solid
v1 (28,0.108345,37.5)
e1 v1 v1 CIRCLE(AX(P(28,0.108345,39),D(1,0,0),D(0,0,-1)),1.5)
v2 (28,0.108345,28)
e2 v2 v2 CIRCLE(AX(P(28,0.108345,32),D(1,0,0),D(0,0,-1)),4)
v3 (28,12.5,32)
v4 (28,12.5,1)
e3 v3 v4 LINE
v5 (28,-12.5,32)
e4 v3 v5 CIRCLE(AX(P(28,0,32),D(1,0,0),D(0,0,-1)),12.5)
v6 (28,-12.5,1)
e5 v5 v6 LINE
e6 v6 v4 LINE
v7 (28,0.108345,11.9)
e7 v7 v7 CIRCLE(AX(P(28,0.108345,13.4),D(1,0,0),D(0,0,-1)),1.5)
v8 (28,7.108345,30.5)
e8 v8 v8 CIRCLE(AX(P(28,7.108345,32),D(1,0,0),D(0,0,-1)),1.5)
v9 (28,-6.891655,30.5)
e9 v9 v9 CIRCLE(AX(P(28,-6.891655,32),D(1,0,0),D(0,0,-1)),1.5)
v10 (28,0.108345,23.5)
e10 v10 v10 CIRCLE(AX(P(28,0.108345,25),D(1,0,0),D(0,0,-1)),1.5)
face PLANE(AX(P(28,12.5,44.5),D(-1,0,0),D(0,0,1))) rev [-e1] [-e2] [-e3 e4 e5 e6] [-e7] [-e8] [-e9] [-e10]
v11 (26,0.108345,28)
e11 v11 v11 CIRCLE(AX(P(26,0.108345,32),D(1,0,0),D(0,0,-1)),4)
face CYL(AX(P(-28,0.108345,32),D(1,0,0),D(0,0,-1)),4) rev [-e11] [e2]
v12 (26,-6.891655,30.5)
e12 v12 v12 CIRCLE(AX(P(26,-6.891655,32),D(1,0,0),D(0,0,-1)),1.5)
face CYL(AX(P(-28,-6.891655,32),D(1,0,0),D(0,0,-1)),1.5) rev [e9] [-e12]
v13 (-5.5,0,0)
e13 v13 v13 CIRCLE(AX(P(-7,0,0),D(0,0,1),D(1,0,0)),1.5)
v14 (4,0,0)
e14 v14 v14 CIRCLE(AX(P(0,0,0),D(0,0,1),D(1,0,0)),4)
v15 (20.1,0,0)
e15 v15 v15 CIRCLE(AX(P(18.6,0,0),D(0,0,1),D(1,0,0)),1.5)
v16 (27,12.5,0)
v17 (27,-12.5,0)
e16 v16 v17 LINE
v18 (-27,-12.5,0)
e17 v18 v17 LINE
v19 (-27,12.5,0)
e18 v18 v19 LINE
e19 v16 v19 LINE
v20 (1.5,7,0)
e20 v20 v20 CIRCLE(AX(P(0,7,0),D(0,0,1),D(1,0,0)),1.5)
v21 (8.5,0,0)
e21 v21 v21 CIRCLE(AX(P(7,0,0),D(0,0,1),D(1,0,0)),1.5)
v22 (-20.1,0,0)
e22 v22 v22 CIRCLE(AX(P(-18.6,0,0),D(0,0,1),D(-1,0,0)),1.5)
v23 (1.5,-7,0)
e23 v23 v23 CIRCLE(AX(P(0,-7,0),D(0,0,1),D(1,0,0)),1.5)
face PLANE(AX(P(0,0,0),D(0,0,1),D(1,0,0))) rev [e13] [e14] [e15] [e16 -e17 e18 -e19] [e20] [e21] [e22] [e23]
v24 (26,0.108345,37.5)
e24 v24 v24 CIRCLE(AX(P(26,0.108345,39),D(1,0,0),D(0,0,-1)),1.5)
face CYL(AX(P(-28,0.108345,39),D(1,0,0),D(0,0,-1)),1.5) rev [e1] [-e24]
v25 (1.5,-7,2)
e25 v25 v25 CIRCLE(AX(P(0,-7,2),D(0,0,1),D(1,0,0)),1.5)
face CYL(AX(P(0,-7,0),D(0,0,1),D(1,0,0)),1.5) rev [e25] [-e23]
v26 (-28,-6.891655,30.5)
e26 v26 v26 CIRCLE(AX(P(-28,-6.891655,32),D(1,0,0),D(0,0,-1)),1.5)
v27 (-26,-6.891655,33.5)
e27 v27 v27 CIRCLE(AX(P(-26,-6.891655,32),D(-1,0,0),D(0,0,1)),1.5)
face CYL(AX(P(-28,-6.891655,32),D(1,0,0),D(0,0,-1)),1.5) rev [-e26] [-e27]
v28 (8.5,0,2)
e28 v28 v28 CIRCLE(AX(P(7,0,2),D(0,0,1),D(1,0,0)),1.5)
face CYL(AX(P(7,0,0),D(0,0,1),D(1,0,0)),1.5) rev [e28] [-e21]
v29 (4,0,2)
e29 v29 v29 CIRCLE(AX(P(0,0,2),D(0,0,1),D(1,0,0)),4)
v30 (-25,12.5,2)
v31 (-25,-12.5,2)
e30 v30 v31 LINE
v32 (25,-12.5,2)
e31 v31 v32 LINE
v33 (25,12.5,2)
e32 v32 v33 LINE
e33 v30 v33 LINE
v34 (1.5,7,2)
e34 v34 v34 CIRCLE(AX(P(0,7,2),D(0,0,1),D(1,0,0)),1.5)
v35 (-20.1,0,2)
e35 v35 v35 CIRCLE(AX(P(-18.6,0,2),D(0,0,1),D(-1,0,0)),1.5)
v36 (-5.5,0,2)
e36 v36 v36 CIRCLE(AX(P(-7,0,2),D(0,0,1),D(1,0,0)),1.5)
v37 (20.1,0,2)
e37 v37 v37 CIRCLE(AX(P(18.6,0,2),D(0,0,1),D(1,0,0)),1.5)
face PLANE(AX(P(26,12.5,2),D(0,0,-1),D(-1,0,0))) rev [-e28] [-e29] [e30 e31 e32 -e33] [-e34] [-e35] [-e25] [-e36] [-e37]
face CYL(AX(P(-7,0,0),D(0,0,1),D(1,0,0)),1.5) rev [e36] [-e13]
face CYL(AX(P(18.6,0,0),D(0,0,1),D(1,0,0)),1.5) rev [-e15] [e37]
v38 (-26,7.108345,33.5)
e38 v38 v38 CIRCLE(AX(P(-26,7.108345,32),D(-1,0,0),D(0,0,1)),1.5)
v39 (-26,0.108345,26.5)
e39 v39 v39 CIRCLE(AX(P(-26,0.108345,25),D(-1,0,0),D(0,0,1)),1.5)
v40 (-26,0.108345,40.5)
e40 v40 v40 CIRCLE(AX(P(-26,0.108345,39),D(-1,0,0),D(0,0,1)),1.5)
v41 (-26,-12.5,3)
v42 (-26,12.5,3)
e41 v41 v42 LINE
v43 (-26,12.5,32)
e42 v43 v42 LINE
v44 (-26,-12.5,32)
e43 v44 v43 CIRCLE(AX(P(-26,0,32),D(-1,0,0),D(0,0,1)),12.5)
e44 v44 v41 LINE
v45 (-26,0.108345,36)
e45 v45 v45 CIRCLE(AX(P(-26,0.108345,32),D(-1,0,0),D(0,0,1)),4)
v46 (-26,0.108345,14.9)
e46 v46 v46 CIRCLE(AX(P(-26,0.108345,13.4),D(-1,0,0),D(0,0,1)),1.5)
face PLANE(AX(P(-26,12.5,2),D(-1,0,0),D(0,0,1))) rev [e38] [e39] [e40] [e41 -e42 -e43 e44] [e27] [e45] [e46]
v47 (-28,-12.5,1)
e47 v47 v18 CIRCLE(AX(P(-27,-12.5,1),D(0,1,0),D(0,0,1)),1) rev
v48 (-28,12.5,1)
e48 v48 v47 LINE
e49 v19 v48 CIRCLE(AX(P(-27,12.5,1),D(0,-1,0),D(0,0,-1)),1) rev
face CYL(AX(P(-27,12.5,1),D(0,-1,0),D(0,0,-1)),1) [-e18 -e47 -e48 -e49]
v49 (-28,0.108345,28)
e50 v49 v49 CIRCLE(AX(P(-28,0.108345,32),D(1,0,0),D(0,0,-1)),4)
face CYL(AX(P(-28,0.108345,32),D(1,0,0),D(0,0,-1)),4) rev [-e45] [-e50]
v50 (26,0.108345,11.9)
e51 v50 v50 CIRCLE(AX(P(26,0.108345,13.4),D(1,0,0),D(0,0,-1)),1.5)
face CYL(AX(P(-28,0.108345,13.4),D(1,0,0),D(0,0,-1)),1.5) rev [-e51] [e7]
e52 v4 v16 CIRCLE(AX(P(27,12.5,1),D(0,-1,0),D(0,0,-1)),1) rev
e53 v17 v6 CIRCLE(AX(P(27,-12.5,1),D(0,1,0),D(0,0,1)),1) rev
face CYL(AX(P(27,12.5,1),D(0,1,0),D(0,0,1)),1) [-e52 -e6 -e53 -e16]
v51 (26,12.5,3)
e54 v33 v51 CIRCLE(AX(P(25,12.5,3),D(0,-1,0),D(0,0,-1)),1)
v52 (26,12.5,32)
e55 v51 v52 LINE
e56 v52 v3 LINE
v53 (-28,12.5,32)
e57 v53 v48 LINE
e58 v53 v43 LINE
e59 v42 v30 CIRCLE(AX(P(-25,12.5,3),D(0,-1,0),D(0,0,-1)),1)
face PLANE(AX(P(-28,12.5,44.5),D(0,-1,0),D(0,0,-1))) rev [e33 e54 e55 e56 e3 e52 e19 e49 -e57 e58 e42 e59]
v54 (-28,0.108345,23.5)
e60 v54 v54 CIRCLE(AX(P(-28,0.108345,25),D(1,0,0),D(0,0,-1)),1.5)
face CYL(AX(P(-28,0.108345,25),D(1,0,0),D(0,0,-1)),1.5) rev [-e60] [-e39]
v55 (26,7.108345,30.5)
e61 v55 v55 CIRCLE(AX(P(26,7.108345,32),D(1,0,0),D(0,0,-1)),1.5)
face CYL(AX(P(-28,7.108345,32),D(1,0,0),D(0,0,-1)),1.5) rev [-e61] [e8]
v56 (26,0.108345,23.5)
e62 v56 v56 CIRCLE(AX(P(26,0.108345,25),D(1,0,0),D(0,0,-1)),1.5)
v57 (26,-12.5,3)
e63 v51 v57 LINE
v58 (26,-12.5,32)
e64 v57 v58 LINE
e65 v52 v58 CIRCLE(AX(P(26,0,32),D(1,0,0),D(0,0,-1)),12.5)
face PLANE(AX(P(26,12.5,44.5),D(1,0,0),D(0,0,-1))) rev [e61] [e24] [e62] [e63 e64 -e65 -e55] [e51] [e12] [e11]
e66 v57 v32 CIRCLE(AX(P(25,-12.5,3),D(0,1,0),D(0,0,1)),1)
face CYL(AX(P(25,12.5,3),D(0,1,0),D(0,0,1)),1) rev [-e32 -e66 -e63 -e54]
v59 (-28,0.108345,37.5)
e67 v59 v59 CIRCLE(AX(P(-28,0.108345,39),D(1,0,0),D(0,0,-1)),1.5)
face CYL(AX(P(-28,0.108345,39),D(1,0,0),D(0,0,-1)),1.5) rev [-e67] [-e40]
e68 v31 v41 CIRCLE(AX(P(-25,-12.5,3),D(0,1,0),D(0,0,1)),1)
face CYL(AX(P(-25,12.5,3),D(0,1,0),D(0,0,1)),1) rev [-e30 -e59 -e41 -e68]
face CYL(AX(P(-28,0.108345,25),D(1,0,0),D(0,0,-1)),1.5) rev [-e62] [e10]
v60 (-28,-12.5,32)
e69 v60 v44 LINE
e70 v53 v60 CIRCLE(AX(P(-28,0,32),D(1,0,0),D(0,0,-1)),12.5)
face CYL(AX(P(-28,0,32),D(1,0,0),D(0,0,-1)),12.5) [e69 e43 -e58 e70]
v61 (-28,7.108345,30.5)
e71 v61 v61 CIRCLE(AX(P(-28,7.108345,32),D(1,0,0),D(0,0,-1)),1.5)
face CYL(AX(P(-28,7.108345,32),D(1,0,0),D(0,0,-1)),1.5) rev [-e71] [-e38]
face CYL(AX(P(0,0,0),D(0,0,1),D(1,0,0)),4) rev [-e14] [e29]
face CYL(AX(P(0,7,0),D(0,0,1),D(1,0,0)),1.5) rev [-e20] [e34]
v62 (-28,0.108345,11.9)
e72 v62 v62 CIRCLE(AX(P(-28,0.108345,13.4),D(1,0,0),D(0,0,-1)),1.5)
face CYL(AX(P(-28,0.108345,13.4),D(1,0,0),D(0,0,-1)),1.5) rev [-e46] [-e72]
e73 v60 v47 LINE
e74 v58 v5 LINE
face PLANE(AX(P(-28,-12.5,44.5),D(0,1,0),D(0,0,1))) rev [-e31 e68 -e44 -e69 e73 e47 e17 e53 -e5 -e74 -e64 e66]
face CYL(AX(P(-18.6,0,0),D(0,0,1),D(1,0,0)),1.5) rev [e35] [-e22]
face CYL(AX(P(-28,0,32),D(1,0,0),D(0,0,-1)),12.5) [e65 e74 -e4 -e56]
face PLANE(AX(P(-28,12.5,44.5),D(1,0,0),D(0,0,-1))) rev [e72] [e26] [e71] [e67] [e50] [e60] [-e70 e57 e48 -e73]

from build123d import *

# Parameters (mm, degrees)
SKETCH_1_W          = 56
SKETCH_1_H          = 25
EXTRUDE_1_DEPTH     = 44.5
CUT_EXTRUDE_1_DEPTH = 59.21726548
CUT_EXTRUDE_2_DEPTH = 73.611982482
SKETCH_4_R          = 4
SKETCH_4_R_2        = 1.5
CUT_EXTRUDE_3_DEPTH = 53.407060593
SKETCH_5_R          = 4
SKETCH_5_R_2        = 1.5
CUT_EXTRUDE_4_DEPTH = 73.611982482
FILLET_1_R          = 1


with BuildPart() as part:
    # 草图1 → 凸台-拉伸1 (new body)
    with BuildSketch(Plane.XY):
        Rectangle(SKETCH_1_W, SKETCH_1_H)
    extrude(amount=EXTRUDE_1_DEPTH)

    # 草图2 → 切除-拉伸1 (cut, through all)
    with BuildSketch(Plane.XZ.offset(12.5)):
        Polygon((0, 44.5), (26, 44.5), (26, 2), (-26, 2), (-26, 44.5), align=None)
    extrude(amount=-CUT_EXTRUDE_1_DEPTH, mode=Mode.SUBTRACT)

    # 草图3 → 切除-拉伸2 (cut, through all)
    with BuildSketch(Plane(origin=(28, 0, 0), x_dir=(0, 0, -1), z_dir=(1, 0, 0))):
        with BuildLine():
            ThreePointArc((-44.5, 0), (-40.838834765, 8.838834765), (-32, 12.5))
            Line((-32, 12.5), (-44.5, 12.5))
            Line((-44.5, 12.5), (-44.5, 0))
        make_face()
        with BuildLine():
            ThreePointArc((-32, -12.5), (-40.838834765, -8.838834765), (-44.5, 0))
            Line((-44.5, 0), (-44.5, -12.5))
            Line((-44.5, -12.5), (-32, -12.5))
        make_face()
    extrude(amount=-CUT_EXTRUDE_2_DEPTH, mode=Mode.SUBTRACT)

    # 草图4 → 切除-拉伸3 (cut, through all)
    with BuildSketch(Plane.XY.offset(2)):
        Circle(SKETCH_4_R)
        with Locations((0, 7)):
            Circle(SKETCH_4_R_2)
        with Locations((0, -7)):
            Circle(SKETCH_4_R_2)
        with Locations((-7, 0)):
            Circle(SKETCH_4_R_2)
        with Locations((7, 0)):
            Circle(SKETCH_4_R_2)
        with Locations((18.6, 0)):
            Circle(SKETCH_4_R_2)
        with Locations(Location((-18.6, 0, 0), (0, 0, 180))):
            Circle(SKETCH_4_R_2)
    extrude(amount=-CUT_EXTRUDE_3_DEPTH, mode=Mode.SUBTRACT)

    # 草图5 → 切除-拉伸4 (cut, through all)
    with BuildSketch(Plane(origin=(28, 0, 0), x_dir=(0, 0, -1), z_dir=(1, 0, 0))):
        with Locations((-32, 0.108344676)):
            Circle(SKETCH_5_R)
        with Locations((-32, 7.108344676)):
            Circle(SKETCH_5_R_2)
        with Locations((-39, 0.108344676)):
            Circle(SKETCH_5_R_2)
        with Locations((-32, -6.891655324)):
            Circle(SKETCH_5_R_2)
        with Locations((-25, 0.108344676)):
            Circle(SKETCH_5_R_2)
        with Locations((-13.4, 0.108344676)):
            Circle(SKETCH_5_R_2)
    extrude(amount=-CUT_EXTRUDE_4_DEPTH, mode=Mode.SUBTRACT)

    # 圆角1
    fillet_1_edges = [part.edges().sort_by_distance(p)[0] for p in [
        (26, 0, 2),
        (-26, 0, 2),
        (-28, 0, 0),
        (28, 0, 0),
    ]]
    fillet(fillet_1_edges, radius=FILLET_1_R)


solid = part.part
